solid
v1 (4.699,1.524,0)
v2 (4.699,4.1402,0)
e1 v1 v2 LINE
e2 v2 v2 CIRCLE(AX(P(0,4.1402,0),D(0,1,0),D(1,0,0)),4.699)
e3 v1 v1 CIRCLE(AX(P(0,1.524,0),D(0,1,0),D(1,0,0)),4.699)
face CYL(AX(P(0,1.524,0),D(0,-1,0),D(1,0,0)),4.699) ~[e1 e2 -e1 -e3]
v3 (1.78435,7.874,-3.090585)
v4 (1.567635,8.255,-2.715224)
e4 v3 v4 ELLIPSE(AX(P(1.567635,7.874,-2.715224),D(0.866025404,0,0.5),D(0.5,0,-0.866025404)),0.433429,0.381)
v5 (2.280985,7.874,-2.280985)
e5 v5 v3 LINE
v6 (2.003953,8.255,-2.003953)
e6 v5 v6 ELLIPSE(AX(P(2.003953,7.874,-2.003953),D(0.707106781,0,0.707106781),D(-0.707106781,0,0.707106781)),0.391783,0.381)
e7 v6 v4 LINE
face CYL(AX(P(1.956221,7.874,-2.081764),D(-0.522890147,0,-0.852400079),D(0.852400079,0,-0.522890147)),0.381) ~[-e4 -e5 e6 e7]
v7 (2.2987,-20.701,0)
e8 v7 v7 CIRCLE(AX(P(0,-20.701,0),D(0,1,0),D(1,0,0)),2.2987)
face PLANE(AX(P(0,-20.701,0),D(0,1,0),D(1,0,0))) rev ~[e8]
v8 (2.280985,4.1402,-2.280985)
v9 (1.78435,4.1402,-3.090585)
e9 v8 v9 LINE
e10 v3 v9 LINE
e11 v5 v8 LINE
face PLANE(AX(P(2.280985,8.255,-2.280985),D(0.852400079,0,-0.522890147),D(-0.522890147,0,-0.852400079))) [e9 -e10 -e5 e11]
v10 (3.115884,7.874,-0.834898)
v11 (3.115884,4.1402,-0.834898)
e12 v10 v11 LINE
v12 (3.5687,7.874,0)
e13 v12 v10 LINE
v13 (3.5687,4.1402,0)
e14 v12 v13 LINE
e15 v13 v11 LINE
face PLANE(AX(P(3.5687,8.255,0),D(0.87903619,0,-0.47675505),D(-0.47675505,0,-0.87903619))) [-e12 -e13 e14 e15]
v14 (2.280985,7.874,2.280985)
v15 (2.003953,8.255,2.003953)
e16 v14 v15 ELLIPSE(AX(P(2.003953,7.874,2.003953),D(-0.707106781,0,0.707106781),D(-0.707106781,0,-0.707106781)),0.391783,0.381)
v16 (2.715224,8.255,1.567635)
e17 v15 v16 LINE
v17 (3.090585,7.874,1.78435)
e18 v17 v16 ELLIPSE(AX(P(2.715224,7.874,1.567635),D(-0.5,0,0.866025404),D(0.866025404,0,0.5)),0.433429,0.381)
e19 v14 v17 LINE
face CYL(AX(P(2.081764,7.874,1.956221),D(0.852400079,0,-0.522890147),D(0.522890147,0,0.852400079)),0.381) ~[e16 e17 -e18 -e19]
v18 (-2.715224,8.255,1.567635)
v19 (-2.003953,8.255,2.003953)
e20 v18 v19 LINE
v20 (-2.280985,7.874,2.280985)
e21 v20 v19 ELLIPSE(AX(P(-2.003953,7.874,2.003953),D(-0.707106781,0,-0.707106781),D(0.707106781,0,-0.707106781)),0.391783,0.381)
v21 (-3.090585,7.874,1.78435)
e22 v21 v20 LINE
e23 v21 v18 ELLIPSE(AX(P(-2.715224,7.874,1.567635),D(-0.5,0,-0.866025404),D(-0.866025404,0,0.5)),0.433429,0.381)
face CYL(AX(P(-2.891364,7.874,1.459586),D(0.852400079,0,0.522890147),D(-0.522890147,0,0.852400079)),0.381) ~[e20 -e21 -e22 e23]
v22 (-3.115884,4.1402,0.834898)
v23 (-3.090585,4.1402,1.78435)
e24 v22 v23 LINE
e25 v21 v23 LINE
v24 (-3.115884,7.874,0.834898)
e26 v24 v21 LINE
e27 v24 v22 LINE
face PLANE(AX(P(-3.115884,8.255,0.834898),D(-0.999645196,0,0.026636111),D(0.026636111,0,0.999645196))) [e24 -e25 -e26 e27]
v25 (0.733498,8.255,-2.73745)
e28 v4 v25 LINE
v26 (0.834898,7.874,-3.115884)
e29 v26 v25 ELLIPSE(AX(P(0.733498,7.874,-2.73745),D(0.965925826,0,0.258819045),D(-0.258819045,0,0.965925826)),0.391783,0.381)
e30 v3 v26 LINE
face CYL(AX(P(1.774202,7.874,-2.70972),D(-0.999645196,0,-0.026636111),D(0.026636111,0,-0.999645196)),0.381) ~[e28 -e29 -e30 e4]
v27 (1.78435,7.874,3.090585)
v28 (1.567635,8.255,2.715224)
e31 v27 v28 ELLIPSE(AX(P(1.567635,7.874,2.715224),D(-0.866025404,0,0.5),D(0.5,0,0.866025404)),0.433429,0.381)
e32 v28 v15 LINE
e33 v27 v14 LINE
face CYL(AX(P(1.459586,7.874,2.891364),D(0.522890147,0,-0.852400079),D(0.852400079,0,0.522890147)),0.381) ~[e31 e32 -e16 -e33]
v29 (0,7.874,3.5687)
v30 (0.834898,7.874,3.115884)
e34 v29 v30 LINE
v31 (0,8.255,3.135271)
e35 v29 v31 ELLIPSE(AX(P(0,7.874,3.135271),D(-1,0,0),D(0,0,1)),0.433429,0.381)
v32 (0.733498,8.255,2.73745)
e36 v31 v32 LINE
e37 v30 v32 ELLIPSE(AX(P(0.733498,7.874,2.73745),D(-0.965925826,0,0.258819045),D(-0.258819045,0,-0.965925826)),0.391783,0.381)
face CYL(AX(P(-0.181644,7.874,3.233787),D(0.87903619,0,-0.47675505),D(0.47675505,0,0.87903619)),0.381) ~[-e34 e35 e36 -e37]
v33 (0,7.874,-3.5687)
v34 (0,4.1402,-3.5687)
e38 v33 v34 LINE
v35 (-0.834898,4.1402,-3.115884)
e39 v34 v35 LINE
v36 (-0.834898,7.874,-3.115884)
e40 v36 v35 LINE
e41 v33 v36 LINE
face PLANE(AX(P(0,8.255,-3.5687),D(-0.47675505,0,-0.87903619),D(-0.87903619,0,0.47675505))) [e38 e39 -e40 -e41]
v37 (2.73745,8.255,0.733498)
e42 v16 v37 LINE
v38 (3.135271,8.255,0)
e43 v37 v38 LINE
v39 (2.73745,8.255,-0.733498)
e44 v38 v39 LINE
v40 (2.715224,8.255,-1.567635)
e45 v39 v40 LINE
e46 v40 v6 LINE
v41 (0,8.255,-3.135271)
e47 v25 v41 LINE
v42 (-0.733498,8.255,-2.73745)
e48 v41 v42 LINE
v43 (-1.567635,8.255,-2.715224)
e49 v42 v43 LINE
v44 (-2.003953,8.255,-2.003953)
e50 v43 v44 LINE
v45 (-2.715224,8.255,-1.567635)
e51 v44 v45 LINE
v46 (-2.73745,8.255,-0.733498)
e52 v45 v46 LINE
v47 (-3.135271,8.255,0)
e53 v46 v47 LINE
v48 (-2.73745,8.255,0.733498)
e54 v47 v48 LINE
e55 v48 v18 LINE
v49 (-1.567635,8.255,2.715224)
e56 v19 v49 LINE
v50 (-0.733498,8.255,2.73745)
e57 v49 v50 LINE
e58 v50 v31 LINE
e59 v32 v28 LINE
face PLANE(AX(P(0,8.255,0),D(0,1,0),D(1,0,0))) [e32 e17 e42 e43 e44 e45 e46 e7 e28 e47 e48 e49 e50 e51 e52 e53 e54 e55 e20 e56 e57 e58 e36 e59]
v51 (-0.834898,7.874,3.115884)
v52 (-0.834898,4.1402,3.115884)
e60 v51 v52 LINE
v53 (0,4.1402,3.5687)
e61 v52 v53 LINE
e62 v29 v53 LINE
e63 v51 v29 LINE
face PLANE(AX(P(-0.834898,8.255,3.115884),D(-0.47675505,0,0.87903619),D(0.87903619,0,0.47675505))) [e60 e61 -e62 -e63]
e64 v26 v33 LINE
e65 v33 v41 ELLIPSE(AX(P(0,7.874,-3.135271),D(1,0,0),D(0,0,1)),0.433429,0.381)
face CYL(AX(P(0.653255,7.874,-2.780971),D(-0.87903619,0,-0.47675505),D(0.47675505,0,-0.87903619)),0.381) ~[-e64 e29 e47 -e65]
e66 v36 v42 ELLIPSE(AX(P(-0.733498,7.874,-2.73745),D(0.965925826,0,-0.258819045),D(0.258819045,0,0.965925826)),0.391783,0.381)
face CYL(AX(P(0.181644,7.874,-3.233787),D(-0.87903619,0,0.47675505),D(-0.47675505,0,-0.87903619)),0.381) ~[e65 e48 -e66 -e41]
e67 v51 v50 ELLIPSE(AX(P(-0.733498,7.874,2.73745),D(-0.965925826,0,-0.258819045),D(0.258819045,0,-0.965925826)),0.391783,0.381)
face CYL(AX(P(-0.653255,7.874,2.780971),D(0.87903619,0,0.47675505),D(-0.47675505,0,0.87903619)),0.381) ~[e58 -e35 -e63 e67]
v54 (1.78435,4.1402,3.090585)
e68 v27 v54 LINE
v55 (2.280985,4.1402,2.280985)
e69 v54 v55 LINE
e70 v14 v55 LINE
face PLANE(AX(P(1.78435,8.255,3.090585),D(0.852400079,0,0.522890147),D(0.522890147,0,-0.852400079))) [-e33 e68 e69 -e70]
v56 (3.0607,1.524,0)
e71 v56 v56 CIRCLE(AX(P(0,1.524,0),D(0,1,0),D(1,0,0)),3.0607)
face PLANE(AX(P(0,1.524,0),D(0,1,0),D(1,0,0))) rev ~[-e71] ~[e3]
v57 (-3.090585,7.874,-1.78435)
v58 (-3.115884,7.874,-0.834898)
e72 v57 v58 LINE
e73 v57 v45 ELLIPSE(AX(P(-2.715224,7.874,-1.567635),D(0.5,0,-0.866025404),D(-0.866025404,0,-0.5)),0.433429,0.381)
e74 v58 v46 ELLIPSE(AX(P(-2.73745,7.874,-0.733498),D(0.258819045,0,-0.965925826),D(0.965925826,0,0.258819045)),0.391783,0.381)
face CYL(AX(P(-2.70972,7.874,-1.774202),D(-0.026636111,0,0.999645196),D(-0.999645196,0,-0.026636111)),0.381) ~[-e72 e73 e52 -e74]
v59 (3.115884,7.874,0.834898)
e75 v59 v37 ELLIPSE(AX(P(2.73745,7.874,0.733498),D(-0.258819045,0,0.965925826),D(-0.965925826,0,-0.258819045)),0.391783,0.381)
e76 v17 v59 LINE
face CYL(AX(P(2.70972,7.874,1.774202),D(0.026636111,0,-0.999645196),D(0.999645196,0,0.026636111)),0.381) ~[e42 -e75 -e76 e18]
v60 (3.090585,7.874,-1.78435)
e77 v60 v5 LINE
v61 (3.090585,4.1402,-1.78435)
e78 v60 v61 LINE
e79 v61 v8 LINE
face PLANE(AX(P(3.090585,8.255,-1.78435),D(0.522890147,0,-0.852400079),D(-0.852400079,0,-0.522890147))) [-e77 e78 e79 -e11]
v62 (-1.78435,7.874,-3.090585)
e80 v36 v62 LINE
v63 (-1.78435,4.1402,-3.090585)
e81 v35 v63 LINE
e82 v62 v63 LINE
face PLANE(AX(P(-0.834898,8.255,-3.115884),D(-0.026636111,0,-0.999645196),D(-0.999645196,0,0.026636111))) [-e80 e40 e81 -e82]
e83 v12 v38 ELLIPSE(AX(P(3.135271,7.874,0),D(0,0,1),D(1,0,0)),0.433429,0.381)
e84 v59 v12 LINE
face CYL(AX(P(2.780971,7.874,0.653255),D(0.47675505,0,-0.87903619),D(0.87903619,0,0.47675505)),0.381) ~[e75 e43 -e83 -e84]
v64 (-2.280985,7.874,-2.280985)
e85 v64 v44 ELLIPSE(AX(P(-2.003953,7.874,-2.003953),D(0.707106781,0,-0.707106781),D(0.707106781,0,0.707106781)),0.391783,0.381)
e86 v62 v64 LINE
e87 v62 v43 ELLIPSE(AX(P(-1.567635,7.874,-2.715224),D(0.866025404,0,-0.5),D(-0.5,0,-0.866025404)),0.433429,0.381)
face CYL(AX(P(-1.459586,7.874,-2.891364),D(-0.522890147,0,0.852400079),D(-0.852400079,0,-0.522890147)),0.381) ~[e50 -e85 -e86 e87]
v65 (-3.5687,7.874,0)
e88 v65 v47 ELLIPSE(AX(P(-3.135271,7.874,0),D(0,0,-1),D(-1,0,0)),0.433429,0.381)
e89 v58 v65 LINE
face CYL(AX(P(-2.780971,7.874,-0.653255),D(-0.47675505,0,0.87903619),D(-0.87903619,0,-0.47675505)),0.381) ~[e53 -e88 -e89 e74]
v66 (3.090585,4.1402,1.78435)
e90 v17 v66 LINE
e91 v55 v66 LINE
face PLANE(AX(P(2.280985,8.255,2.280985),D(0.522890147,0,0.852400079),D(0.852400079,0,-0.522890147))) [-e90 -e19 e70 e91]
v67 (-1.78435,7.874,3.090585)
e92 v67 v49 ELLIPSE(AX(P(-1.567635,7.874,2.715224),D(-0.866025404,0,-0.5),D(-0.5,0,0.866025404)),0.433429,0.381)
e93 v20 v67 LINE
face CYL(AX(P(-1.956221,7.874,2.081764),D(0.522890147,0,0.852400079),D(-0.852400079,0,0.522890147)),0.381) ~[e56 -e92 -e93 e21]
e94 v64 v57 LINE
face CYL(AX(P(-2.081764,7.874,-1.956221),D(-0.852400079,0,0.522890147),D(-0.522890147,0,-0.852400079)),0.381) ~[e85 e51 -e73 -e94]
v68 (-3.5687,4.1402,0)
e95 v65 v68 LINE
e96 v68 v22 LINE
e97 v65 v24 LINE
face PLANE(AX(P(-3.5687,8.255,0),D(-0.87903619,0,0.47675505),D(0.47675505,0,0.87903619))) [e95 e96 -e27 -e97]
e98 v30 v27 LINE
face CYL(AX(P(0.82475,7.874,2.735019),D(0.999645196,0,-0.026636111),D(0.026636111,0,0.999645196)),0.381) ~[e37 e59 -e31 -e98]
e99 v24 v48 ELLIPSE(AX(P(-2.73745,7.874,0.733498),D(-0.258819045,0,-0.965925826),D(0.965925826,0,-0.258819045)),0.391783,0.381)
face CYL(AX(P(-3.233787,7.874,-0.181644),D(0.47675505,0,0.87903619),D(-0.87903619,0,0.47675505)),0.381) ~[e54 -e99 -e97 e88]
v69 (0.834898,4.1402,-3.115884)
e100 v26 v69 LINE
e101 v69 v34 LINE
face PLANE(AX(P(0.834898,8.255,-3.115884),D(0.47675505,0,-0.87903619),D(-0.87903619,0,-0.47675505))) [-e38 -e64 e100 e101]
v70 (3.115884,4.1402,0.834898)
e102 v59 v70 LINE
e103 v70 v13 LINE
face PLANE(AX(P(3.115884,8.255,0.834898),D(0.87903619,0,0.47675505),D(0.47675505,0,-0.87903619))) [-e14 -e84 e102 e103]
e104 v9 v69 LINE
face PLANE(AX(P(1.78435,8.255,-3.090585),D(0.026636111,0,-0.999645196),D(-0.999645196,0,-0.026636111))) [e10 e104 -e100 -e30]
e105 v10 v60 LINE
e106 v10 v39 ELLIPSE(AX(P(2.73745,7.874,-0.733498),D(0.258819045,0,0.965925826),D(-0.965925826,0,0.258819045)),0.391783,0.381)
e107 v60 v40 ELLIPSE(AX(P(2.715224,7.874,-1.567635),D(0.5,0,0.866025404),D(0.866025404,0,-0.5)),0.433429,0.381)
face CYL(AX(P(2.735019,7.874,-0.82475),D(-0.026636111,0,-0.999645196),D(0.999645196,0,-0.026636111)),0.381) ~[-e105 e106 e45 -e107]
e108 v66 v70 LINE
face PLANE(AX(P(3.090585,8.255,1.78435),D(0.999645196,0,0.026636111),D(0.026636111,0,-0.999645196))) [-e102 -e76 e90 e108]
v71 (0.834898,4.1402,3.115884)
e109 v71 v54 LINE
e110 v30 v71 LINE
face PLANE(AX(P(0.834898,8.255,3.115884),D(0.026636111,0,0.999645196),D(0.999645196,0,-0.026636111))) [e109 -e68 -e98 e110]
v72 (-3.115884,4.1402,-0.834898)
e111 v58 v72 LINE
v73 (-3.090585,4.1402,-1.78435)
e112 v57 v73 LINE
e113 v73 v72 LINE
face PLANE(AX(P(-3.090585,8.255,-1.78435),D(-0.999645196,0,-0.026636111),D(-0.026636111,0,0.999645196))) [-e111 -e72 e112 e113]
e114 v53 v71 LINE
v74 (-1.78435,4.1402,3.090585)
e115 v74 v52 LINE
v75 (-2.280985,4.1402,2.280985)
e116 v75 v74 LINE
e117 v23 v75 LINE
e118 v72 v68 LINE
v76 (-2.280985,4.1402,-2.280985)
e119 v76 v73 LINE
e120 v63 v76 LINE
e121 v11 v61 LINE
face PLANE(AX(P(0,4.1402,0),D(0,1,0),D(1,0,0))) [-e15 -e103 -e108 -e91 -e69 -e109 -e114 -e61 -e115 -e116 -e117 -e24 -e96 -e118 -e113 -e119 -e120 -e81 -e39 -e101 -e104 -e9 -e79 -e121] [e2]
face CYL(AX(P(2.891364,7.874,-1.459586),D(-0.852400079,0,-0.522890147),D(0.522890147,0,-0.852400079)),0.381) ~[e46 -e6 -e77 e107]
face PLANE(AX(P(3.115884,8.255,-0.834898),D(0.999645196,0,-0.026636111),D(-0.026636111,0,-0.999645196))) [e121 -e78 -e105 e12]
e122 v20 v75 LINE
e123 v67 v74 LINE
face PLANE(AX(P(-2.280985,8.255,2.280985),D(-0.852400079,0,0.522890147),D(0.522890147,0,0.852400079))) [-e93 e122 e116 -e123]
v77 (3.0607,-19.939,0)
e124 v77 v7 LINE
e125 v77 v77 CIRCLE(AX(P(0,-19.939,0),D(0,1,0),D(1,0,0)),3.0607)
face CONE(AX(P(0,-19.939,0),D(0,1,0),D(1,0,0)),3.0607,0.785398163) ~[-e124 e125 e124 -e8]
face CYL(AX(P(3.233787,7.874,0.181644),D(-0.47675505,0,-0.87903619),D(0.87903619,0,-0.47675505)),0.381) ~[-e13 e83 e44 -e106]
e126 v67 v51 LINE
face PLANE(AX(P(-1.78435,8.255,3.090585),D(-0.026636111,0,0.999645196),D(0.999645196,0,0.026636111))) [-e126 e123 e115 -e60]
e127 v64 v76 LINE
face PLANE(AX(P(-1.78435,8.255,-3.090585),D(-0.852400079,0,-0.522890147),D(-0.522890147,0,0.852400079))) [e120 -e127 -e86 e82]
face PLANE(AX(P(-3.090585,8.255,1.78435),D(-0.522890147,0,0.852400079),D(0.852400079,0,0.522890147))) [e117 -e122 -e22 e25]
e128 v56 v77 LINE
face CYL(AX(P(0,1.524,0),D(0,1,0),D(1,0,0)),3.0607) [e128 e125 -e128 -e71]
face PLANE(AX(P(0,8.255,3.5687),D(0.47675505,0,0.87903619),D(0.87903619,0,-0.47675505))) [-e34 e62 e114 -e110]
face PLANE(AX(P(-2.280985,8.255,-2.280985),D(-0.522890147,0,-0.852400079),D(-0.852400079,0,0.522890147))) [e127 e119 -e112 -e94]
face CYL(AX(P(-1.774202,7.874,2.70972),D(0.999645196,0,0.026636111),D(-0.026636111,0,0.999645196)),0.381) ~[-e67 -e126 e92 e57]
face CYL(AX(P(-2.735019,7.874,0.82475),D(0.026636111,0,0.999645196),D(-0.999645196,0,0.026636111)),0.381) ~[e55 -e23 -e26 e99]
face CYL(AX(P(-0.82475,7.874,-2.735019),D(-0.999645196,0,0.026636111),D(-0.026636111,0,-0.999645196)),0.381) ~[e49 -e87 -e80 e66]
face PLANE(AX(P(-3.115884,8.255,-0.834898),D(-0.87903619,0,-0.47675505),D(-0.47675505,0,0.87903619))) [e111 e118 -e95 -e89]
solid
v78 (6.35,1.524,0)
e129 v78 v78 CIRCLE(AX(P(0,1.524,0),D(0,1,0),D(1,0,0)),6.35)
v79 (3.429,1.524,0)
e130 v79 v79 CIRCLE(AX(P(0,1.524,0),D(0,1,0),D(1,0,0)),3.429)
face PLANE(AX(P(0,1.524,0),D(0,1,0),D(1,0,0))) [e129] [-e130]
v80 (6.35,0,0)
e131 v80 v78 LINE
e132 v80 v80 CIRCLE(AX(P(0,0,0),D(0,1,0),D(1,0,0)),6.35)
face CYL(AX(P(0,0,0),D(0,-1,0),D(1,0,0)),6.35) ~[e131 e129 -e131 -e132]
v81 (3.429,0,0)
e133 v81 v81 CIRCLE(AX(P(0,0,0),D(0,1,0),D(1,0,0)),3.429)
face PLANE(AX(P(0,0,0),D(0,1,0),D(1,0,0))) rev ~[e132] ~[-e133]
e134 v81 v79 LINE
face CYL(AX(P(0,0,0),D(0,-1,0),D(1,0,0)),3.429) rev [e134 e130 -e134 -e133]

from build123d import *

# Parameters (mm, degrees)
SKETCH8_R           = 6.35
SKETCH8_R_2         = 3.429
WASHER_DEPTH        = 1.524
SKETCH9_R           = 3.0607
BOSS_EXTRUDE4_DEPTH = 22.225
SKETCH10_R          = 4.699
BOSS_EXTRUDE5_DEPTH = 6.731
SKETCH11_R          = 4.699
CUT_EXTRUDE2_DEPTH  = 4.1148
FILLET5_R           = 0.381
CHAMFER1_SIZE       = 0.762


with BuildPart() as part:
    # Sketch8 → Washer (new body)
    with BuildSketch(Plane(origin=(0, 0, 0), x_dir=(1, 0, 0), z_dir=(0, 1, 0))):
        Circle(SKETCH8_R)
        Circle(SKETCH8_R_2, mode=Mode.SUBTRACT)
    extrude(amount=WASHER_DEPTH)


with BuildPart() as body_2:
    # Sketch9 → Boss-Extrude4 (new body)
    with BuildSketch(Plane(origin=(0, 1.524, 0), x_dir=(1, 0, 0), z_dir=(0, 1, 0))):
        Circle(SKETCH9_R)
    extrude(amount=-BOSS_EXTRUDE4_DEPTH)


with BuildPart() as body_3:
    # Sketch10 → Boss-Extrude5 (new body)
    with BuildSketch(Plane(origin=(0, 1.524, 0), x_dir=(1, 0, 0), z_dir=(0, 1, 0))):
        Circle(SKETCH10_R)
    extrude(amount=BOSS_EXTRUDE5_DEPTH)

    # Sketch11 → Cut-Extrude2 (cut)
    with BuildSketch(Plane(origin=(0, 8.255, 0), x_dir=(1, 0, 0), z_dir=(0, 1, 0))):
        Circle(SKETCH11_R)
        Polygon((0, 3.5687), (-0.834898476, 3.11588353), (-1.78435, 3.090584858), (-2.280985055, 2.280985055), (-3.090584858, 1.78435), (-3.11588353, 0.834898476), (-3.5687, 0), (-3.11588353, -0.834898476), (-3.090584858, -1.78435), (-2.280985055, -2.280985055), (-1.78435, -3.090584858), (-0.834898476, -3.11588353), (0, -3.5687), (0.834898476, -3.11588353), (1.78435, -3.090584858), (2.280985055, -2.280985055), (3.090584858, -1.78435), (3.11588353, -0.834898476), (3.5687, 0), (3.11588353, 0.834898476), (3.090584858, 1.78435), (2.280985055, 2.280985055), (1.78435, 3.090584858), (0.834898476, 3.11588353), align=None, mode=Mode.SUBTRACT)
    extrude(amount=-CUT_EXTRUDE2_DEPTH, mode=Mode.SUBTRACT)


with BuildPart() as body_2_1:
    add(body_2.part)

    # Combine1: union body 3
    add(body_3.part)

    # Fillet5
    fillet5_edges = [body_2_1.edges().sort_by_distance(p)[0] for p in [
        (-0.417449238, 8.255, -3.342291765),
        (-1.309624238, 8.255, -3.103234194),
        (-2.032667527, 8.255, -2.685784957),
        (-2.685784957, 8.255, -2.032667527),
        (-3.103234194, 8.255, -1.309624238),
        (-3.342291765, 8.255, -0.417449238),
        (-3.342291765, 8.255, 0.417449238),
        (-3.103234194, 8.255, 1.309624238),
        (-2.685784957, 8.255, 2.032667527),
        (-2.032667527, 8.255, 2.685784957),
        (-1.309624238, 8.255, 3.103234194),
        (-0.417449238, 8.255, 3.342291765),
        (0.417449238, 8.255, 3.342291765),
        (1.309624238, 8.255, 3.103234194),
        (2.032667527, 8.255, 2.685784957),
        (2.685784957, 8.255, 2.032667527),
        (3.103234194, 8.255, 1.309624238),
        (3.342291765, 8.255, 0.417449238),
        (3.342291765, 8.255, -0.417449238),
        (3.103234194, 8.255, -1.309624238),
        (2.685784957, 8.255, -2.032667527),
        (2.032667527, 8.255, -2.685784957),
        (1.309624238, 8.255, -3.103234194),
        (0.417449238, 8.255, -3.342291765),
    ]]
    fillet(fillet5_edges, radius=FILLET5_R)

    # Chamfer1
    chamfer1_edges = [body_2_1.edges().sort_by_distance(p)[0] for p in [
        (-3.0607, -20.701, 0),
    ]]
    chamfer(chamfer1_edges, length=CHAMFER1_SIZE)


solid = Compound([part.part, body_2_1.part])
